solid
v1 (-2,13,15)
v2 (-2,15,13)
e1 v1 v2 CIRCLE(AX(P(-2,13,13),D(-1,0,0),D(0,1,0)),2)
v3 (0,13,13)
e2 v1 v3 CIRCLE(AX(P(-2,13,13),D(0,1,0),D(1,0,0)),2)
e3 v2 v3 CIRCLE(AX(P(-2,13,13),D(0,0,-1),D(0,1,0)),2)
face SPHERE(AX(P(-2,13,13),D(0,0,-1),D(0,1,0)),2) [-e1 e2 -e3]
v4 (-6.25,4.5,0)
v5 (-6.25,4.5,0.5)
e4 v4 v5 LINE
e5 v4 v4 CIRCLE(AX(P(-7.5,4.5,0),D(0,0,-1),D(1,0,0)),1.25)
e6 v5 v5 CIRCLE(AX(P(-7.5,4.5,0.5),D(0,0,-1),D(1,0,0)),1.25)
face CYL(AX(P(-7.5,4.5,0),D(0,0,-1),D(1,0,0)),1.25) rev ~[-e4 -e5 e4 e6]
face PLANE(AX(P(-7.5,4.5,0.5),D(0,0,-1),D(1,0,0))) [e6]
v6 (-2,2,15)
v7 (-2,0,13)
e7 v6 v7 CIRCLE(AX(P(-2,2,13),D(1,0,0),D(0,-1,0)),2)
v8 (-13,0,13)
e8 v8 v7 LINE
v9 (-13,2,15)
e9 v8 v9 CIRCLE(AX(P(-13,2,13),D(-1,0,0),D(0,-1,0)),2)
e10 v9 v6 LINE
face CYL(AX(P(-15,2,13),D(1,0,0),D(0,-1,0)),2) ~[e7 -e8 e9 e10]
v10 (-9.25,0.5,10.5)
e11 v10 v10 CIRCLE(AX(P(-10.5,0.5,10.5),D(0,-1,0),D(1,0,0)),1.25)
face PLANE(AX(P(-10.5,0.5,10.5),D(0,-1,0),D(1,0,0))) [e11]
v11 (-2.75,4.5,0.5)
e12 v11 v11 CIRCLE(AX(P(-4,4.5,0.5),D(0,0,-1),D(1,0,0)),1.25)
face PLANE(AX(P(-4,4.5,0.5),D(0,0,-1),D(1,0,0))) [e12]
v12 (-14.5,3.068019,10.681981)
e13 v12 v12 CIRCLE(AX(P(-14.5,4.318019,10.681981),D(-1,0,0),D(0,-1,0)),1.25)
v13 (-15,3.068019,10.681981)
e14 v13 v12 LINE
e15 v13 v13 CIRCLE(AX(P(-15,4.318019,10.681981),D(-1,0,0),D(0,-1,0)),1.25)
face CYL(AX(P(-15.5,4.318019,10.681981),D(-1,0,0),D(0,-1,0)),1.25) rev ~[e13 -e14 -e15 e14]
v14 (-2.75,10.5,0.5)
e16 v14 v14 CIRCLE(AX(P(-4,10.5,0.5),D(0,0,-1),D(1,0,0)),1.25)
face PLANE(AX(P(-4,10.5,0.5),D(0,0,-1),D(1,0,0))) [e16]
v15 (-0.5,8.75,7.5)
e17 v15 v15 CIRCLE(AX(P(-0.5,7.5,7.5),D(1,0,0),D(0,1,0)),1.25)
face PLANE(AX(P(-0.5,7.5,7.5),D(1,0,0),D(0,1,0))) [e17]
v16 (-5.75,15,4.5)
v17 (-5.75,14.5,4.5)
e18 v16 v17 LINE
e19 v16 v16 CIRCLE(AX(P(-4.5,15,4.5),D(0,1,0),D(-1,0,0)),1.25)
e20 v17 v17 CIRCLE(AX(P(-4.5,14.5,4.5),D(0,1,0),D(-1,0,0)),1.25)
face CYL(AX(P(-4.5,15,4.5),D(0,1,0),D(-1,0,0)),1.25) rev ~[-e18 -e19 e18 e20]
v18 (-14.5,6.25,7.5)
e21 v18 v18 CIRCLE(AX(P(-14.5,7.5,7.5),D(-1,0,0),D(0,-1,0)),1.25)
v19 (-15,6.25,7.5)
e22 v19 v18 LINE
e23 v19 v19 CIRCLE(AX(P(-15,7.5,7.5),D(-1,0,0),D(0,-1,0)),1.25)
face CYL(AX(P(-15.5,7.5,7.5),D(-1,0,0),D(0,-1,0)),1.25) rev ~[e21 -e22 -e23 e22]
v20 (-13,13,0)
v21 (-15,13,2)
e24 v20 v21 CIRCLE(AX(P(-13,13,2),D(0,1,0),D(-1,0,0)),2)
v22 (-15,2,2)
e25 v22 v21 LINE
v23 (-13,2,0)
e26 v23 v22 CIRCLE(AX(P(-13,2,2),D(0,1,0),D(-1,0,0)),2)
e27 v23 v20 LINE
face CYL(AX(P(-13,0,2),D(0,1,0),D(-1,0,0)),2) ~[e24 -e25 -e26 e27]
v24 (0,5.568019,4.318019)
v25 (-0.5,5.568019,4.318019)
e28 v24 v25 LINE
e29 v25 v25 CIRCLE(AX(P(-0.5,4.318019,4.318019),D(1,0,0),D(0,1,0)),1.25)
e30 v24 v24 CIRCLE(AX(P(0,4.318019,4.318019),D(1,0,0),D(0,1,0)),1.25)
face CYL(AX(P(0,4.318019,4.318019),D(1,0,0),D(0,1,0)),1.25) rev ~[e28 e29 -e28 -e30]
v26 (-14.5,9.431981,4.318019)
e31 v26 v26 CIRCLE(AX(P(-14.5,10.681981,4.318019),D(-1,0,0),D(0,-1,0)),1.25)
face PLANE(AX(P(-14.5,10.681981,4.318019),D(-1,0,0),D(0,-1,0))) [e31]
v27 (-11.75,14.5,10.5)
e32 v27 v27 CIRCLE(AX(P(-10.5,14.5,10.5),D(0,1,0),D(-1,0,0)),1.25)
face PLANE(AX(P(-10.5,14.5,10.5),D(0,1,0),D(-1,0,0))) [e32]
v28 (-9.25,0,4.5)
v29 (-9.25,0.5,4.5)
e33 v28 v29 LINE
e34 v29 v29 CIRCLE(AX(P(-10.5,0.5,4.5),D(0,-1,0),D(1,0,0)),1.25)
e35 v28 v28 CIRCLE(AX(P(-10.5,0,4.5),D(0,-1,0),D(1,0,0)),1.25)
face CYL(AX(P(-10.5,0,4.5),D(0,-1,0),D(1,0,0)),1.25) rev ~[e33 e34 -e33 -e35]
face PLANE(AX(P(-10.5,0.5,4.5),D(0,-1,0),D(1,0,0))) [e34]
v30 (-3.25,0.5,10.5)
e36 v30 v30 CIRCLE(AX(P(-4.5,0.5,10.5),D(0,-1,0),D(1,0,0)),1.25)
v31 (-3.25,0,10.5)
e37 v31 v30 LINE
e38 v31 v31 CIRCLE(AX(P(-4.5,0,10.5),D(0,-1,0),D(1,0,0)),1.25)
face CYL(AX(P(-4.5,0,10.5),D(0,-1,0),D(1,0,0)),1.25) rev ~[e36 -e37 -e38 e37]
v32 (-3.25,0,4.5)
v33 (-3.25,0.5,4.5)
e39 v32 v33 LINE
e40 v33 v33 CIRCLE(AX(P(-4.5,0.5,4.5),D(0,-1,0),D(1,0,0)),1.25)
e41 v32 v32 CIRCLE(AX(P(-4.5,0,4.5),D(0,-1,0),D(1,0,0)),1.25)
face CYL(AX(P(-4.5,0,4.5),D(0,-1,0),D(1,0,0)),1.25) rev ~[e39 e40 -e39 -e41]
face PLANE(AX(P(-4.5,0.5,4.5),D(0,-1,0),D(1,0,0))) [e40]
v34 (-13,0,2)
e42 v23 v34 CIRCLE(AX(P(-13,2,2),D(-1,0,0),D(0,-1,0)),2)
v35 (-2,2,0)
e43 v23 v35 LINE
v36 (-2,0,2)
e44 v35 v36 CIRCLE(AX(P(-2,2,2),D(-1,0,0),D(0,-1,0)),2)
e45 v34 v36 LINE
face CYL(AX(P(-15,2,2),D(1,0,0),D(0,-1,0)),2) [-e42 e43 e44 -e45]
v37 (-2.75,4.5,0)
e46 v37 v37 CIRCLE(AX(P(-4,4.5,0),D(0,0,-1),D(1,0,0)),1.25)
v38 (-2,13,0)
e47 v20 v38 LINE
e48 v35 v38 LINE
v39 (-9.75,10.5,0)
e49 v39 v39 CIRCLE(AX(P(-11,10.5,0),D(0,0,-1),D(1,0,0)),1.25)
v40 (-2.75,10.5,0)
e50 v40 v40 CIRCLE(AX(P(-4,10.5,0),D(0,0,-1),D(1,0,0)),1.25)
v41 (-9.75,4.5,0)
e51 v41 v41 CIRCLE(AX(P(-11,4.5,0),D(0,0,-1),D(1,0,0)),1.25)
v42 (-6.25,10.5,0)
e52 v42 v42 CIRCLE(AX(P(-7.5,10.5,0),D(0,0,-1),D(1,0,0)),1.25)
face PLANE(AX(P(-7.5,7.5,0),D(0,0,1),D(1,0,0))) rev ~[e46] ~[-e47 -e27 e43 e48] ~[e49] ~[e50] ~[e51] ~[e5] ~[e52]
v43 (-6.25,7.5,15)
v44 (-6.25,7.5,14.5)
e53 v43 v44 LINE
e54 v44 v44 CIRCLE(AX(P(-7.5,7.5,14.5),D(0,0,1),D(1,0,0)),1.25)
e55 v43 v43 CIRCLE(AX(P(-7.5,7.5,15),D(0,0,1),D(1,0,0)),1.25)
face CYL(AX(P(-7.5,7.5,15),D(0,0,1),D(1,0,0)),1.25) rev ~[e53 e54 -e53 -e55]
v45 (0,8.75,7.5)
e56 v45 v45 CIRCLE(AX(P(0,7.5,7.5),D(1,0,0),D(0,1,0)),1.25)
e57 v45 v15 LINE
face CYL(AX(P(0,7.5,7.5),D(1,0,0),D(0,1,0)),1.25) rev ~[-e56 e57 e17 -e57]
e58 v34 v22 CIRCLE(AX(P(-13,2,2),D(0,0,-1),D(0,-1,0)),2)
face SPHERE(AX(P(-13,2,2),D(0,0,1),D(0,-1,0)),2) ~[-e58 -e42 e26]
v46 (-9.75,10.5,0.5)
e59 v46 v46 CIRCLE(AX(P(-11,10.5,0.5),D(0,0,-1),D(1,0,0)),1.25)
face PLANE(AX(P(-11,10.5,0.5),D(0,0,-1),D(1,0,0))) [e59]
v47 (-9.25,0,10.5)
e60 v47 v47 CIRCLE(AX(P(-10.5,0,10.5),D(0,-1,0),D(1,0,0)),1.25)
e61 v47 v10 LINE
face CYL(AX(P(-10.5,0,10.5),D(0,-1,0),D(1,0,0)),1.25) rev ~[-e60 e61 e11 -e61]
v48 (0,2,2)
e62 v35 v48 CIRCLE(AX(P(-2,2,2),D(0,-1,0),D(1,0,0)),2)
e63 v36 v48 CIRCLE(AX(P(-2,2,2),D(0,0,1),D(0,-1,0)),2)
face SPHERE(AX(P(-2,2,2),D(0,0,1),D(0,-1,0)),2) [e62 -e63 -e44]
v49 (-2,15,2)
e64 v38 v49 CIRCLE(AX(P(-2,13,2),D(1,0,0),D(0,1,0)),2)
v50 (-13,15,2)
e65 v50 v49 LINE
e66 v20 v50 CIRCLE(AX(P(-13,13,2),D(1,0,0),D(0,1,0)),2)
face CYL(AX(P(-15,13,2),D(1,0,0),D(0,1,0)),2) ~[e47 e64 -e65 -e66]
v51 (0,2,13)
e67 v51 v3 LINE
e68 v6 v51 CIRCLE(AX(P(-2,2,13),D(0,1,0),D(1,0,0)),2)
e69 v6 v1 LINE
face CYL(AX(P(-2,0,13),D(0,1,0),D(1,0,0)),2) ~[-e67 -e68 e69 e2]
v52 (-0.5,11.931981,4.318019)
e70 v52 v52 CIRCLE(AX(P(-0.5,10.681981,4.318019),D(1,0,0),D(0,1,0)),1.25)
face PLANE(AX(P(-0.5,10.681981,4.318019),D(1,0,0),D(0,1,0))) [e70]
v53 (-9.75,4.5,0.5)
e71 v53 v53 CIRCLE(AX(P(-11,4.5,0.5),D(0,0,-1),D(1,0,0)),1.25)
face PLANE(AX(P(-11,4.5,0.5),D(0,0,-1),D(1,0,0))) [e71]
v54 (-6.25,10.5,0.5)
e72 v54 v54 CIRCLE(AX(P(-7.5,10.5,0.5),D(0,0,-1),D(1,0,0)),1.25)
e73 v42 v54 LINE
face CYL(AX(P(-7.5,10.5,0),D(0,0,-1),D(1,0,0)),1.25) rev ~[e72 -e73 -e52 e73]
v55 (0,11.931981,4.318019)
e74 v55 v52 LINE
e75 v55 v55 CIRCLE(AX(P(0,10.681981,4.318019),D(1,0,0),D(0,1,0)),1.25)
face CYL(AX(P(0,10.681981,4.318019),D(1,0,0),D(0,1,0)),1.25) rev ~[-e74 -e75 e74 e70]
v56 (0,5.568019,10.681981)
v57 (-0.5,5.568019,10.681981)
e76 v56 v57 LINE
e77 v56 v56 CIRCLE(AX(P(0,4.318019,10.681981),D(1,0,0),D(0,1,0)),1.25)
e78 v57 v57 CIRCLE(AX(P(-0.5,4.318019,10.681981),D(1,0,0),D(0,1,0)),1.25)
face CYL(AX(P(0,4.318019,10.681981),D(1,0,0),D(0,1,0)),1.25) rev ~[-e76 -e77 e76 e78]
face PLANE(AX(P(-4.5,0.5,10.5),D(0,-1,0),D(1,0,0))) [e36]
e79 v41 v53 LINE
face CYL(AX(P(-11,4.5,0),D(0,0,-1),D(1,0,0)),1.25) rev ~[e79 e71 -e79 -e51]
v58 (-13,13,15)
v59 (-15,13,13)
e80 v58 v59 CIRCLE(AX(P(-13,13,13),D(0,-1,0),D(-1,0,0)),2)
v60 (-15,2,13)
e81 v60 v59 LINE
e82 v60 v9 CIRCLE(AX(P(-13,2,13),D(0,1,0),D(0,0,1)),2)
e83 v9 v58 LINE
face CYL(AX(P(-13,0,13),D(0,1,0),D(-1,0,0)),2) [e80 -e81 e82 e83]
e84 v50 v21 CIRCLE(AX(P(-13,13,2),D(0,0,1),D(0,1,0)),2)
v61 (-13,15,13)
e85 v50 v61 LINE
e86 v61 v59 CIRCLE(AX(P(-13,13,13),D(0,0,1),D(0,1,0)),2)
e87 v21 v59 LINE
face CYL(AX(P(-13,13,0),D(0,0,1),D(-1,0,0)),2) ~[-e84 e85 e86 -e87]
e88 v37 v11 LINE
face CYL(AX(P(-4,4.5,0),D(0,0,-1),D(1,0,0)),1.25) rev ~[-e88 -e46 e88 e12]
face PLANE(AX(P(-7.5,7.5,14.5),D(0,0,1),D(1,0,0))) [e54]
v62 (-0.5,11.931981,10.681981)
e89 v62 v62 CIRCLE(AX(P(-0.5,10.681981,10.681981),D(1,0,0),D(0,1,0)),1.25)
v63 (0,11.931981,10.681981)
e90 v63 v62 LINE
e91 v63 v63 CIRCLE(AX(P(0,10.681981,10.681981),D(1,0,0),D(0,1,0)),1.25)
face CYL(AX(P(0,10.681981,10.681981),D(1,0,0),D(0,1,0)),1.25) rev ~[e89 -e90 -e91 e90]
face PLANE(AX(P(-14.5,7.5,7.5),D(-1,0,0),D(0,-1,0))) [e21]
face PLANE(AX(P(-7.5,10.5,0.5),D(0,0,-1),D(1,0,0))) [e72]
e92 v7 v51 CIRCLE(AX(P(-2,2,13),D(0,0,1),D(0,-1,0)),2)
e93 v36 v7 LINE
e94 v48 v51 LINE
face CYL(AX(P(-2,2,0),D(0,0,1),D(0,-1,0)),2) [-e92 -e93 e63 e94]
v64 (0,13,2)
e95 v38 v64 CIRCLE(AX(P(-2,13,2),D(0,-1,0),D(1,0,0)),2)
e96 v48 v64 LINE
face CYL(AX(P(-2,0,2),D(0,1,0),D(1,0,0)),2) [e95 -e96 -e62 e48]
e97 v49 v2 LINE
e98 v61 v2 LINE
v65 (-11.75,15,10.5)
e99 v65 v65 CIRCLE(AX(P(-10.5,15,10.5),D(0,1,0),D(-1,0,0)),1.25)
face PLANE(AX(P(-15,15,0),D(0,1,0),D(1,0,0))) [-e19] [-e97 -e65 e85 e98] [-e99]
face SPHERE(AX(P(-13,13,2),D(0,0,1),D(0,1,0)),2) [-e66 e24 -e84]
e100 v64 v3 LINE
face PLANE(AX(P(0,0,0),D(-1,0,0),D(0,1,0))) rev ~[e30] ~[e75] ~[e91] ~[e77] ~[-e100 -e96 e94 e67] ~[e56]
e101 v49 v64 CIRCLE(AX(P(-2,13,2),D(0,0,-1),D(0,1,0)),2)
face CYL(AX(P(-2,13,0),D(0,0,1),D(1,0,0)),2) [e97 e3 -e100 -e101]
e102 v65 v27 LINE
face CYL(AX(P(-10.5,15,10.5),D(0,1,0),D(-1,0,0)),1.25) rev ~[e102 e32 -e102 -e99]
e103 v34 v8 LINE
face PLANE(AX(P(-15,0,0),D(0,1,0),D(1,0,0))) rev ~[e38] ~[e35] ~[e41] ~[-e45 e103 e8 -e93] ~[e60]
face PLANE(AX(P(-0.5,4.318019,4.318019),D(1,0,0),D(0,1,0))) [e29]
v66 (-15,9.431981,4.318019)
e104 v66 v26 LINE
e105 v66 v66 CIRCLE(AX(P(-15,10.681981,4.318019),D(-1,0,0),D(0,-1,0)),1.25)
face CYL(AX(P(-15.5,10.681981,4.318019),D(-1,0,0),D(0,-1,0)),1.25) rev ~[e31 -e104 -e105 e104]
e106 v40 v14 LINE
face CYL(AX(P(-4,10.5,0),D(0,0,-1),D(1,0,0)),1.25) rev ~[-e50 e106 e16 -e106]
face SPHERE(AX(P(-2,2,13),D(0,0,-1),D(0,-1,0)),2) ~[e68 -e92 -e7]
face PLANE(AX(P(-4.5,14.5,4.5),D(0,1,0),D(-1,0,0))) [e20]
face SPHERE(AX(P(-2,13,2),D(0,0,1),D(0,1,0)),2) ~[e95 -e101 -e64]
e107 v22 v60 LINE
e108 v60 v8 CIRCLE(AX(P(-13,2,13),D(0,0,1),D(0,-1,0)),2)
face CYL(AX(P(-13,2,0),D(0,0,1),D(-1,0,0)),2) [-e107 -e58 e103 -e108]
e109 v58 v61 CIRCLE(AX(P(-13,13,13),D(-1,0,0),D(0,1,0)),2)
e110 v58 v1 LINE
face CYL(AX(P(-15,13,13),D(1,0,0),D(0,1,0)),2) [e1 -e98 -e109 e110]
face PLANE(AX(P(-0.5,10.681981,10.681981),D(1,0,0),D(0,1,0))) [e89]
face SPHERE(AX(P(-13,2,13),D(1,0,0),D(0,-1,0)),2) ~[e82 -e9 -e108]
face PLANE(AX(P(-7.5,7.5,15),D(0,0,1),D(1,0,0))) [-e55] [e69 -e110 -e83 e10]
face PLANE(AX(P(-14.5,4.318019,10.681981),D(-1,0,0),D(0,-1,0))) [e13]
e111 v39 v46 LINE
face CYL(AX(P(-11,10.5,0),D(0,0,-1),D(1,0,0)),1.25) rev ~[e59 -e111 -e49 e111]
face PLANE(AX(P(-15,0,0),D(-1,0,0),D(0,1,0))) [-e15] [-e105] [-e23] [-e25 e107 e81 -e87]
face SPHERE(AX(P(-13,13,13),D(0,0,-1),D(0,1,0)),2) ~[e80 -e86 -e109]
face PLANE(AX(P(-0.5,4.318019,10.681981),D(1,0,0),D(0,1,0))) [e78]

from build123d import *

# Parameters (mm, degrees)
F0_W      = 15
F0_H      = 15
F1_DEPTH  = 15
F2_R      = 2
F3_R      = 1.25
F4_DEPTH  = 0.5
F7_R      = 1.25
F8_DEPTH  = 0.5
F9_DEPTH  = 1
F6_R      = 1.25
F10_DEPTH = 0.5
F11_R     = 1.25
F12_DEPTH = 0.5
F5_R      = 1.25
F13_DEPTH = 0.5
F14_R     = 1.25
F15_DEPTH = 0.5


with BuildPart() as f1:
    # F0 (on Top) → F1 (new body)
    with BuildSketch(Plane.XY):
        with Locations((-7.5, 7.5)):
            Rectangle(F0_W, F0_H)
    extrude(amount=F1_DEPTH)

    # F2
    f2_edges = [f1.edges().sort_by_distance(p)[0] for p in [
        (-15, 15, 7.5),
        (0, 15, 7.5),
        (0, 0, 7.5),
        (-7.5, 0, 15),
        (-7.5, 15, 0),
        (-7.5, 15, 15),
        (-15, 0, 7.5),
        (-7.5, 0, 0),
        (0, 7.5, 0),
        (0, 7.5, 15),
        (-15, 7.5, 0),
        (-15, 7.5, 15),
    ]]
    fillet(f2_edges, radius=F2_R)

    # F3 (on face) → F4 (cut)
    with BuildSketch(Plane.XY.offset(15)):
        with Locations((-7.5, 7.5)):
            Circle(F3_R)
    extrude(amount=-F4_DEPTH, mode=Mode.SUBTRACT)

    # F7 (on face) → F8 (join)
    with BuildSketch(Plane(origin=(-15, 0, 0), x_dir=(0, -1, 0), z_dir=(-1, 0, 0))):
        with Locations((-10.6819805153, 4.3180194847)):
            Circle(F7_R)
        with Locations((-7.5, 7.5)):
            Circle(F7_R)
        with Locations((-4.3180194847, 10.6819805153)):
            Circle(F7_R)
    extrude(amount=F8_DEPTH)

    # F9 (cut): faces of the model
    f9_faces = [f1.faces().sort_by_distance(p)[0] for p in [
        (-15.5, 10.6819805153, 4.3180194847),
        (-15.5, 7.5, 7.5),
        (-15.5, 4.3180194847, 10.6819805153),
    ]]
    extrude(f9_faces, amount=-F9_DEPTH, mode=Mode.SUBTRACT)

    # F6 (on face) → F10 (cut)
    with BuildSketch(Plane.XZ):
        with Locations((-4.5, 4.5)):
            Circle(F6_R)
        with Locations((-10.5, 4.5)):
            Circle(F6_R)
        with Locations((-10.5, 10.5)):
            Circle(F6_R)
        with Locations((-4.5, 10.5)):
            Circle(F6_R)
    extrude(amount=-F10_DEPTH, mode=Mode.SUBTRACT)

    # F11 (on face) → F12 (cut)
    with BuildSketch(Plane.YZ):
        with Locations((4.3180194847, 10.6819805153)):
            Circle(F11_R)
        with Locations((10.6819805153, 10.6819805153)):
            Circle(F11_R)
        with Locations((7.5, 7.5)):
            Circle(F11_R)
        with Locations((4.3180194847, 4.3180194847)):
            Circle(F11_R)
        with Locations((10.6819805153, 4.3180194847)):
            Circle(F11_R)
    extrude(amount=-F12_DEPTH, mode=Mode.SUBTRACT)

    # F5 (on face) → F13 (cut)
    with BuildSketch(Plane(origin=(0, 0, 0), x_dir=(1, 0, 0), z_dir=(0, 0, -1))):
        with Locations((-11, -4.5)):
            Circle(F5_R)
        with Locations((-7.5, -4.5)):
            Circle(F5_R)
        with Locations((-4, -4.5)):
            Circle(F5_R)
        with Locations((-4, -10.5)):
            Circle(F5_R)
        with Locations((-7.5, -10.5)):
            Circle(F5_R)
        with Locations((-11, -10.5)):
            Circle(F5_R)
    extrude(amount=-F13_DEPTH, mode=Mode.SUBTRACT)

    # F14 (on face) → F15 (cut)
    with BuildSketch(Plane(origin=(0, 15, 0), x_dir=(-1, 0, 0), z_dir=(0, 1, 0))):
        with Locations((10.5, 10.5)):
            Circle(F14_R)
        with Locations((4.5, 4.5)):
            Circle(F14_R)
    extrude(amount=-F15_DEPTH, mode=Mode.SUBTRACT)


solid = f1.part
